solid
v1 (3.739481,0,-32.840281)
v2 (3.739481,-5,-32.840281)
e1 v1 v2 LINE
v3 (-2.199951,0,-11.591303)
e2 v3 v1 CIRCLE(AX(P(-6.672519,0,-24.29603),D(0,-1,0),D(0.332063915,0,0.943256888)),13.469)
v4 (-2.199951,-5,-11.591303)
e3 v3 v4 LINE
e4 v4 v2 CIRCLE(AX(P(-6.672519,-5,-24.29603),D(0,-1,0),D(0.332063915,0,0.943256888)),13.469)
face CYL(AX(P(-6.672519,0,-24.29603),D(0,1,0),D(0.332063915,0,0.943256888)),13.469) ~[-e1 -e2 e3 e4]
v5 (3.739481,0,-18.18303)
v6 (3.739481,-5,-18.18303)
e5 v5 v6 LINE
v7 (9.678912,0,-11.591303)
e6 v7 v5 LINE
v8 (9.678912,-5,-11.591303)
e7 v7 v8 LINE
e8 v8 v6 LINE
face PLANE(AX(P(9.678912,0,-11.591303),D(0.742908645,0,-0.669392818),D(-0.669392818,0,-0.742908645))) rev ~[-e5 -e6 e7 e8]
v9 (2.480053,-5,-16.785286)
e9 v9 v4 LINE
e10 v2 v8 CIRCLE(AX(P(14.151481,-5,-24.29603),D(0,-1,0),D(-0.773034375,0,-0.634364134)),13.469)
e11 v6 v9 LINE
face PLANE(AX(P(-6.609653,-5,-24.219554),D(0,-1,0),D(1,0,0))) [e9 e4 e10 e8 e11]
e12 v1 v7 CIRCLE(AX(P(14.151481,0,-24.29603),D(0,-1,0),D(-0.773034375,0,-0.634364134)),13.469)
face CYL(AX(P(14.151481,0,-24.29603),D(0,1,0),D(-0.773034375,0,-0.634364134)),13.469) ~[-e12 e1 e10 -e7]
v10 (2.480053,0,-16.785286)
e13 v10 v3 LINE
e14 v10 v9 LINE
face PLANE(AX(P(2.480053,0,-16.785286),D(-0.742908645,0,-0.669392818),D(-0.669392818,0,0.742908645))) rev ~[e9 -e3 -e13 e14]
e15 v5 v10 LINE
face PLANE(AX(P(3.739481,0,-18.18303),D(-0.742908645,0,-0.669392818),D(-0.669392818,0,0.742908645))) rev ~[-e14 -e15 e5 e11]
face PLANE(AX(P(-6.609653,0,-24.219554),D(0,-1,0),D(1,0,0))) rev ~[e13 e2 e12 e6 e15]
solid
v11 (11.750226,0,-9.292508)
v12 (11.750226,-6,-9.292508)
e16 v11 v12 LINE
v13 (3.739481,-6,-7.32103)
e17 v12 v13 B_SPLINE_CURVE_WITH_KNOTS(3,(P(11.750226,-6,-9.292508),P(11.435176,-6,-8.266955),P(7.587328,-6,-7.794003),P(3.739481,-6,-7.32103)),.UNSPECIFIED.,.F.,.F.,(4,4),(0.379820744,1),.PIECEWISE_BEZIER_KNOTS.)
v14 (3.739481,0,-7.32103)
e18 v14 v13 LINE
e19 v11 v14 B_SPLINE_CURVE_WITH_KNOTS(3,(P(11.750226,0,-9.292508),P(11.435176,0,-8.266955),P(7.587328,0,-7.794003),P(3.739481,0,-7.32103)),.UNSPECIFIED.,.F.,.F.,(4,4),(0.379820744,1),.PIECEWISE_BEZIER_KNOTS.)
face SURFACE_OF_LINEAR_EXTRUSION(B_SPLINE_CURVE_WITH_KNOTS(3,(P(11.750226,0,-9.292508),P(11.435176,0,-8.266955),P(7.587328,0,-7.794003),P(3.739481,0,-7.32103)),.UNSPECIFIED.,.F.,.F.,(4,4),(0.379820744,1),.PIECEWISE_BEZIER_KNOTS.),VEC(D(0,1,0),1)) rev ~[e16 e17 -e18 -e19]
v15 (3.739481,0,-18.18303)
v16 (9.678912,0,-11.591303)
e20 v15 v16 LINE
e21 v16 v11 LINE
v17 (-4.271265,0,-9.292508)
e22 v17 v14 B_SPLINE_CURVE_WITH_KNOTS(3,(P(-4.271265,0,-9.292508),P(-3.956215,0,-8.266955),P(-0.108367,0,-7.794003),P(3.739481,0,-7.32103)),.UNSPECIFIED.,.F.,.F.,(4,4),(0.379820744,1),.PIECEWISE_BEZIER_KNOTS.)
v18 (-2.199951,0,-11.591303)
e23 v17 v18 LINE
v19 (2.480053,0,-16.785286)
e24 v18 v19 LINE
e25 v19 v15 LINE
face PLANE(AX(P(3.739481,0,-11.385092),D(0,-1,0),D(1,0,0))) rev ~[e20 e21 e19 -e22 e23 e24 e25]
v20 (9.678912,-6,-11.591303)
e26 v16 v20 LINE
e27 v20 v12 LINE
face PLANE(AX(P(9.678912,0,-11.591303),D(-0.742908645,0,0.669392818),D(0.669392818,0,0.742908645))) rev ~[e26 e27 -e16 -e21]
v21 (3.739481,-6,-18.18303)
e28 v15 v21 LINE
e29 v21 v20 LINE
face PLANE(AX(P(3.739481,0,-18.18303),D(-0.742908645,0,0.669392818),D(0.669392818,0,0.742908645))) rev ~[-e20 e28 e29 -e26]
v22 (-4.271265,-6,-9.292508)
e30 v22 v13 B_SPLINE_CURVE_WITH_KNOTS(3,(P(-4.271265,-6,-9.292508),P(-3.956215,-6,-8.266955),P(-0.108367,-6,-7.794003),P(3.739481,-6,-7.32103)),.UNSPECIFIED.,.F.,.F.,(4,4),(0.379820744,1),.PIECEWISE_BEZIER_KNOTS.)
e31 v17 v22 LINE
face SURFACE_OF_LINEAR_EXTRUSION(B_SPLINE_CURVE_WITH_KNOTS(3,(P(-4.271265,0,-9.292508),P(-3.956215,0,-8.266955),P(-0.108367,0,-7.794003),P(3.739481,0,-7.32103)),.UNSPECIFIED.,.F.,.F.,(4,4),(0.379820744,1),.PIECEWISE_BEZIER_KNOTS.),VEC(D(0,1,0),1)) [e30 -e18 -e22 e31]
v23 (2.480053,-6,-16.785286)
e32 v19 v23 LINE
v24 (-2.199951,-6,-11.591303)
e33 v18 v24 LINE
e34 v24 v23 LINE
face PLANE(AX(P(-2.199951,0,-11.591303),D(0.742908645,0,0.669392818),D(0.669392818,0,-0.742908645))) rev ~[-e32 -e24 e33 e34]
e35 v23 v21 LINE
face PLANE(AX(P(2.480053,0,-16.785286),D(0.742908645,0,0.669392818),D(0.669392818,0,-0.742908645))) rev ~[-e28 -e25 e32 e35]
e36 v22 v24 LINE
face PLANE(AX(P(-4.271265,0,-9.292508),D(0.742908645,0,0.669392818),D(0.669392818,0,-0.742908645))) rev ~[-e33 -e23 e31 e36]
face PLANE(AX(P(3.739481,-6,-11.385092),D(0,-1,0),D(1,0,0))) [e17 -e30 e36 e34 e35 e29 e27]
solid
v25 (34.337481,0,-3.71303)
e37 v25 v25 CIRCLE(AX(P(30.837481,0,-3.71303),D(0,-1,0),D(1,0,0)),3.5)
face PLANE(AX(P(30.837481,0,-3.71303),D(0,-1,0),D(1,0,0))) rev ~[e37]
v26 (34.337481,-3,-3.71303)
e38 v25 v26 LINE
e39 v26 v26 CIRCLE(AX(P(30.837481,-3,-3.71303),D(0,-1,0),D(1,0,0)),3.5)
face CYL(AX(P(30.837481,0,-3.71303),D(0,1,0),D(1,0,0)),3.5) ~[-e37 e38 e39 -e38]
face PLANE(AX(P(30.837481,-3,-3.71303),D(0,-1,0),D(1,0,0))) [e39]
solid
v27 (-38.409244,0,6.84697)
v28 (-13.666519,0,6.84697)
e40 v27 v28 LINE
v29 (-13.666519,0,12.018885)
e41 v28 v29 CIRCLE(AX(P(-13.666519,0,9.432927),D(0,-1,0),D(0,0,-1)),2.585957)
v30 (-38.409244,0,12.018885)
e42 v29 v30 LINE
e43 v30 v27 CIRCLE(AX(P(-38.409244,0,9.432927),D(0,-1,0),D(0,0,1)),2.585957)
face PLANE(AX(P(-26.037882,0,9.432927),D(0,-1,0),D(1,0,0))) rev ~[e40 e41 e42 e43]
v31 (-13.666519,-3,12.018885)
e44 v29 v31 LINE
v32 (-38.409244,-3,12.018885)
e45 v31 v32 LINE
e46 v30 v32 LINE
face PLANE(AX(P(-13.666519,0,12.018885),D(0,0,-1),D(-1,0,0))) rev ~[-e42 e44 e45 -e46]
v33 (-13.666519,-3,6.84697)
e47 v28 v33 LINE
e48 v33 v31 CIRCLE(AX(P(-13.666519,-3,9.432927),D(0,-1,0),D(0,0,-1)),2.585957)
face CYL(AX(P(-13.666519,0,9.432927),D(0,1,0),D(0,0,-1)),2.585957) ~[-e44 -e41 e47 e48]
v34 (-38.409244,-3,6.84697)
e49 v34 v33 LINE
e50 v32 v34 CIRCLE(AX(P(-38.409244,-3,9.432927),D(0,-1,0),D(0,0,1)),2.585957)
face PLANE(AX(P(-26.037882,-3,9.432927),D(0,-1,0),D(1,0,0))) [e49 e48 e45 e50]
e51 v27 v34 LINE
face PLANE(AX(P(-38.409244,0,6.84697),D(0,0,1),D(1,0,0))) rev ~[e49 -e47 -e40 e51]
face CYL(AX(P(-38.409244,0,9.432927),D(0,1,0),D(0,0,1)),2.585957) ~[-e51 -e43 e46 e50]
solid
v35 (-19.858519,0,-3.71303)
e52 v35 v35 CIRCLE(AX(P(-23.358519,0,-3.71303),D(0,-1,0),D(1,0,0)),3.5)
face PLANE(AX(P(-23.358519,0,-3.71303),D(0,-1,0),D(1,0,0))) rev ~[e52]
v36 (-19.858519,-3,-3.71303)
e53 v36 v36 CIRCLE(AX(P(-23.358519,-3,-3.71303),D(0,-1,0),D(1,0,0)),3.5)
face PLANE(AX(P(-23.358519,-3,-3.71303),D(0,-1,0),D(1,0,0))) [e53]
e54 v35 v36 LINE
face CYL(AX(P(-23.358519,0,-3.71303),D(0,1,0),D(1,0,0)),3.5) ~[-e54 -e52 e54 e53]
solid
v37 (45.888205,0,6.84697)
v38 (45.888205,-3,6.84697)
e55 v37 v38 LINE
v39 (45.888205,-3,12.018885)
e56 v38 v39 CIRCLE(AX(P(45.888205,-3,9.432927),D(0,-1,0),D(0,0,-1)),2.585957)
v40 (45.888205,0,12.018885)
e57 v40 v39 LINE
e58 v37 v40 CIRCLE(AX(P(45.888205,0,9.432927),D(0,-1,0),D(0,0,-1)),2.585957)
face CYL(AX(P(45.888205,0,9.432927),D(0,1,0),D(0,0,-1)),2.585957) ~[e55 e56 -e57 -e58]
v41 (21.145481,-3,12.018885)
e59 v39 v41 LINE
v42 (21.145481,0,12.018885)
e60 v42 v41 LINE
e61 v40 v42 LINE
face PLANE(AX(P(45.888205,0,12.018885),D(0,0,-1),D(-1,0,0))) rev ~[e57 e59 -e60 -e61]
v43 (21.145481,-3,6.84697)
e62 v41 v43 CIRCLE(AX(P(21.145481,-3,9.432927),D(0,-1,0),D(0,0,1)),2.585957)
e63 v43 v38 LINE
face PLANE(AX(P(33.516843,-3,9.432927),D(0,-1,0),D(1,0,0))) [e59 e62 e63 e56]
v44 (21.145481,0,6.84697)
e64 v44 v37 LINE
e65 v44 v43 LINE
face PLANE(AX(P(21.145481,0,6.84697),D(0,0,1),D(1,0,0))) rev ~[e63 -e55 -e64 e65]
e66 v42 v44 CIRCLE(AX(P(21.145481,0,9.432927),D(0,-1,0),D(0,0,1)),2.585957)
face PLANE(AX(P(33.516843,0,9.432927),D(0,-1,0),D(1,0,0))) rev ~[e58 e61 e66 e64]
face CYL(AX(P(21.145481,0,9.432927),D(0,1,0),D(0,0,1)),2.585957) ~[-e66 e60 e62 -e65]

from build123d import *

# Parameters (mm, degrees)
F1_DEPTH = 3
F0_R     = 3.5
F2_DEPTH = 5
F3_DEPTH = 6


with BuildPart() as f1:
    # F0 (on Front) → F1 (new body)
    with BuildSketch(Plane.XZ):
        with BuildLine():
            Line((-38.4092436153, 6.8469699793), (-13.666519417, 6.8469699793))
            ThreePointArc((-13.666519417, 6.8469699793), (-11.0805620903, 9.432927306), (-13.666519417, 12.0188846326))
            Line((-13.666519417, 12.0188846326), (-38.4092436153, 12.0188846326))
            ThreePointArc((-38.4092436153, 12.0188846326), (-40.995200942, 9.432927306), (-38.4092436153, 6.8469699793))
        make_face()
    extrude(amount=F1_DEPTH)


with BuildPart() as f1b:
    # F0 (on Front) → F1, piece 2 (new body)
    with BuildSketch(Plane.XZ):
        with BuildLine():
            Line((45.8882047814, 12.0188846326), (21.145480583, 12.0188846326))
            ThreePointArc((21.145480583, 12.0188846326), (18.5595232563, 9.432927306), (21.145480583, 6.8469699793))
            Line((21.145480583, 6.8469699793), (45.8882047814, 6.8469699793))
            ThreePointArc((45.8882047814, 6.8469699793), (48.4741621081, 9.432927306), (45.8882047814, 12.0188846326))
        make_face()
    extrude(amount=F1_DEPTH)


with BuildPart() as f1c:
    # F0 (on Front) → F1, piece 3 (new body)
    with BuildSketch(Plane.XZ):
        with Locations((30.837480583, -3.7130300207)):
            Circle(F0_R)
    extrude(amount=F1_DEPTH)


with BuildPart() as f1d:
    # F0 (on Front) → F1, piece 4 (new body)
    with BuildSketch(Plane.XZ):
        with Locations((-23.358519417, -3.7130300207)):
            Circle(F0_R)
    extrude(amount=F1_DEPTH)


with BuildPart() as f2:
    # F0 (on Front) → F2 (new body)
    with BuildSketch(Plane.XZ):
        with BuildLine():
            Line((3.739480583, -32.8402805437), (3.739480583, -18.1830300207))
            Line((3.739480583, -18.1830300207), (2.4800526234, -16.7852858369))
            Line((2.4800526234, -16.7852858369), (-2.1999505434, -11.591303))
            ThreePointArc((-2.1999505434, -11.591303), (-19.6443103227, -27.9218542992), (3.739480583, -32.8402805437))
        make_face()
        with BuildLine():
            Line((9.6789117095, -11.591303), (3.739480583, -18.1830300207))
            Line((3.739480583, -18.1830300207), (3.739480583, -32.8402805437))
            ThreePointArc((3.739480583, -32.8402805437), (27.1232714887, -27.9218542992), (9.6789117095, -11.591303))
        make_face()
    extrude(amount=F2_DEPTH)


with BuildPart() as f3:
    # F0 (on Front) → F3 (new body)
    with BuildSketch(Plane.XZ):
        with BuildLine():
            Line((2.4800526234, -16.7852858369), (3.739480583, -18.1830300207))
            Line((3.739480583, -18.1830300207), (9.6789117095, -11.591303))
            Line((9.6789117095, -11.591303), (11.750225825, -9.2925075543))
            add(Edge.make_bspline(
                [(11.750225825, -9.2925075543), (11.4351763351, -8.2669545835), (7.5873282408, -7.7940027069), (3.739480583, -7.3210300207)],
                knots=[0.3798207444, 0.3798207444, 0.3798207444, 0.3798207444, 1, 1, 1, 1], degree=3))
            add(Edge.make_bspline(
                [(-4.2712646589, -9.2925075543), (-3.956215169, -8.2669545835), (-0.1083670747, -7.7940027069), (3.739480583, -7.3210300207)],
                knots=[0.3798207444, 0.3798207444, 0.3798207444, 0.3798207444, 1, 1, 1, 1], degree=3))
            Line((-4.2712646589, -9.2925075543), (-2.1999505434, -11.591303))
            Line((-2.1999505434, -11.591303), (2.4800526234, -16.7852858369))
        make_face()
    extrude(amount=F3_DEPTH)


solid = Compound([f1.part, f1b.part, f1c.part, f1d.part, f2.part, f3.part])
